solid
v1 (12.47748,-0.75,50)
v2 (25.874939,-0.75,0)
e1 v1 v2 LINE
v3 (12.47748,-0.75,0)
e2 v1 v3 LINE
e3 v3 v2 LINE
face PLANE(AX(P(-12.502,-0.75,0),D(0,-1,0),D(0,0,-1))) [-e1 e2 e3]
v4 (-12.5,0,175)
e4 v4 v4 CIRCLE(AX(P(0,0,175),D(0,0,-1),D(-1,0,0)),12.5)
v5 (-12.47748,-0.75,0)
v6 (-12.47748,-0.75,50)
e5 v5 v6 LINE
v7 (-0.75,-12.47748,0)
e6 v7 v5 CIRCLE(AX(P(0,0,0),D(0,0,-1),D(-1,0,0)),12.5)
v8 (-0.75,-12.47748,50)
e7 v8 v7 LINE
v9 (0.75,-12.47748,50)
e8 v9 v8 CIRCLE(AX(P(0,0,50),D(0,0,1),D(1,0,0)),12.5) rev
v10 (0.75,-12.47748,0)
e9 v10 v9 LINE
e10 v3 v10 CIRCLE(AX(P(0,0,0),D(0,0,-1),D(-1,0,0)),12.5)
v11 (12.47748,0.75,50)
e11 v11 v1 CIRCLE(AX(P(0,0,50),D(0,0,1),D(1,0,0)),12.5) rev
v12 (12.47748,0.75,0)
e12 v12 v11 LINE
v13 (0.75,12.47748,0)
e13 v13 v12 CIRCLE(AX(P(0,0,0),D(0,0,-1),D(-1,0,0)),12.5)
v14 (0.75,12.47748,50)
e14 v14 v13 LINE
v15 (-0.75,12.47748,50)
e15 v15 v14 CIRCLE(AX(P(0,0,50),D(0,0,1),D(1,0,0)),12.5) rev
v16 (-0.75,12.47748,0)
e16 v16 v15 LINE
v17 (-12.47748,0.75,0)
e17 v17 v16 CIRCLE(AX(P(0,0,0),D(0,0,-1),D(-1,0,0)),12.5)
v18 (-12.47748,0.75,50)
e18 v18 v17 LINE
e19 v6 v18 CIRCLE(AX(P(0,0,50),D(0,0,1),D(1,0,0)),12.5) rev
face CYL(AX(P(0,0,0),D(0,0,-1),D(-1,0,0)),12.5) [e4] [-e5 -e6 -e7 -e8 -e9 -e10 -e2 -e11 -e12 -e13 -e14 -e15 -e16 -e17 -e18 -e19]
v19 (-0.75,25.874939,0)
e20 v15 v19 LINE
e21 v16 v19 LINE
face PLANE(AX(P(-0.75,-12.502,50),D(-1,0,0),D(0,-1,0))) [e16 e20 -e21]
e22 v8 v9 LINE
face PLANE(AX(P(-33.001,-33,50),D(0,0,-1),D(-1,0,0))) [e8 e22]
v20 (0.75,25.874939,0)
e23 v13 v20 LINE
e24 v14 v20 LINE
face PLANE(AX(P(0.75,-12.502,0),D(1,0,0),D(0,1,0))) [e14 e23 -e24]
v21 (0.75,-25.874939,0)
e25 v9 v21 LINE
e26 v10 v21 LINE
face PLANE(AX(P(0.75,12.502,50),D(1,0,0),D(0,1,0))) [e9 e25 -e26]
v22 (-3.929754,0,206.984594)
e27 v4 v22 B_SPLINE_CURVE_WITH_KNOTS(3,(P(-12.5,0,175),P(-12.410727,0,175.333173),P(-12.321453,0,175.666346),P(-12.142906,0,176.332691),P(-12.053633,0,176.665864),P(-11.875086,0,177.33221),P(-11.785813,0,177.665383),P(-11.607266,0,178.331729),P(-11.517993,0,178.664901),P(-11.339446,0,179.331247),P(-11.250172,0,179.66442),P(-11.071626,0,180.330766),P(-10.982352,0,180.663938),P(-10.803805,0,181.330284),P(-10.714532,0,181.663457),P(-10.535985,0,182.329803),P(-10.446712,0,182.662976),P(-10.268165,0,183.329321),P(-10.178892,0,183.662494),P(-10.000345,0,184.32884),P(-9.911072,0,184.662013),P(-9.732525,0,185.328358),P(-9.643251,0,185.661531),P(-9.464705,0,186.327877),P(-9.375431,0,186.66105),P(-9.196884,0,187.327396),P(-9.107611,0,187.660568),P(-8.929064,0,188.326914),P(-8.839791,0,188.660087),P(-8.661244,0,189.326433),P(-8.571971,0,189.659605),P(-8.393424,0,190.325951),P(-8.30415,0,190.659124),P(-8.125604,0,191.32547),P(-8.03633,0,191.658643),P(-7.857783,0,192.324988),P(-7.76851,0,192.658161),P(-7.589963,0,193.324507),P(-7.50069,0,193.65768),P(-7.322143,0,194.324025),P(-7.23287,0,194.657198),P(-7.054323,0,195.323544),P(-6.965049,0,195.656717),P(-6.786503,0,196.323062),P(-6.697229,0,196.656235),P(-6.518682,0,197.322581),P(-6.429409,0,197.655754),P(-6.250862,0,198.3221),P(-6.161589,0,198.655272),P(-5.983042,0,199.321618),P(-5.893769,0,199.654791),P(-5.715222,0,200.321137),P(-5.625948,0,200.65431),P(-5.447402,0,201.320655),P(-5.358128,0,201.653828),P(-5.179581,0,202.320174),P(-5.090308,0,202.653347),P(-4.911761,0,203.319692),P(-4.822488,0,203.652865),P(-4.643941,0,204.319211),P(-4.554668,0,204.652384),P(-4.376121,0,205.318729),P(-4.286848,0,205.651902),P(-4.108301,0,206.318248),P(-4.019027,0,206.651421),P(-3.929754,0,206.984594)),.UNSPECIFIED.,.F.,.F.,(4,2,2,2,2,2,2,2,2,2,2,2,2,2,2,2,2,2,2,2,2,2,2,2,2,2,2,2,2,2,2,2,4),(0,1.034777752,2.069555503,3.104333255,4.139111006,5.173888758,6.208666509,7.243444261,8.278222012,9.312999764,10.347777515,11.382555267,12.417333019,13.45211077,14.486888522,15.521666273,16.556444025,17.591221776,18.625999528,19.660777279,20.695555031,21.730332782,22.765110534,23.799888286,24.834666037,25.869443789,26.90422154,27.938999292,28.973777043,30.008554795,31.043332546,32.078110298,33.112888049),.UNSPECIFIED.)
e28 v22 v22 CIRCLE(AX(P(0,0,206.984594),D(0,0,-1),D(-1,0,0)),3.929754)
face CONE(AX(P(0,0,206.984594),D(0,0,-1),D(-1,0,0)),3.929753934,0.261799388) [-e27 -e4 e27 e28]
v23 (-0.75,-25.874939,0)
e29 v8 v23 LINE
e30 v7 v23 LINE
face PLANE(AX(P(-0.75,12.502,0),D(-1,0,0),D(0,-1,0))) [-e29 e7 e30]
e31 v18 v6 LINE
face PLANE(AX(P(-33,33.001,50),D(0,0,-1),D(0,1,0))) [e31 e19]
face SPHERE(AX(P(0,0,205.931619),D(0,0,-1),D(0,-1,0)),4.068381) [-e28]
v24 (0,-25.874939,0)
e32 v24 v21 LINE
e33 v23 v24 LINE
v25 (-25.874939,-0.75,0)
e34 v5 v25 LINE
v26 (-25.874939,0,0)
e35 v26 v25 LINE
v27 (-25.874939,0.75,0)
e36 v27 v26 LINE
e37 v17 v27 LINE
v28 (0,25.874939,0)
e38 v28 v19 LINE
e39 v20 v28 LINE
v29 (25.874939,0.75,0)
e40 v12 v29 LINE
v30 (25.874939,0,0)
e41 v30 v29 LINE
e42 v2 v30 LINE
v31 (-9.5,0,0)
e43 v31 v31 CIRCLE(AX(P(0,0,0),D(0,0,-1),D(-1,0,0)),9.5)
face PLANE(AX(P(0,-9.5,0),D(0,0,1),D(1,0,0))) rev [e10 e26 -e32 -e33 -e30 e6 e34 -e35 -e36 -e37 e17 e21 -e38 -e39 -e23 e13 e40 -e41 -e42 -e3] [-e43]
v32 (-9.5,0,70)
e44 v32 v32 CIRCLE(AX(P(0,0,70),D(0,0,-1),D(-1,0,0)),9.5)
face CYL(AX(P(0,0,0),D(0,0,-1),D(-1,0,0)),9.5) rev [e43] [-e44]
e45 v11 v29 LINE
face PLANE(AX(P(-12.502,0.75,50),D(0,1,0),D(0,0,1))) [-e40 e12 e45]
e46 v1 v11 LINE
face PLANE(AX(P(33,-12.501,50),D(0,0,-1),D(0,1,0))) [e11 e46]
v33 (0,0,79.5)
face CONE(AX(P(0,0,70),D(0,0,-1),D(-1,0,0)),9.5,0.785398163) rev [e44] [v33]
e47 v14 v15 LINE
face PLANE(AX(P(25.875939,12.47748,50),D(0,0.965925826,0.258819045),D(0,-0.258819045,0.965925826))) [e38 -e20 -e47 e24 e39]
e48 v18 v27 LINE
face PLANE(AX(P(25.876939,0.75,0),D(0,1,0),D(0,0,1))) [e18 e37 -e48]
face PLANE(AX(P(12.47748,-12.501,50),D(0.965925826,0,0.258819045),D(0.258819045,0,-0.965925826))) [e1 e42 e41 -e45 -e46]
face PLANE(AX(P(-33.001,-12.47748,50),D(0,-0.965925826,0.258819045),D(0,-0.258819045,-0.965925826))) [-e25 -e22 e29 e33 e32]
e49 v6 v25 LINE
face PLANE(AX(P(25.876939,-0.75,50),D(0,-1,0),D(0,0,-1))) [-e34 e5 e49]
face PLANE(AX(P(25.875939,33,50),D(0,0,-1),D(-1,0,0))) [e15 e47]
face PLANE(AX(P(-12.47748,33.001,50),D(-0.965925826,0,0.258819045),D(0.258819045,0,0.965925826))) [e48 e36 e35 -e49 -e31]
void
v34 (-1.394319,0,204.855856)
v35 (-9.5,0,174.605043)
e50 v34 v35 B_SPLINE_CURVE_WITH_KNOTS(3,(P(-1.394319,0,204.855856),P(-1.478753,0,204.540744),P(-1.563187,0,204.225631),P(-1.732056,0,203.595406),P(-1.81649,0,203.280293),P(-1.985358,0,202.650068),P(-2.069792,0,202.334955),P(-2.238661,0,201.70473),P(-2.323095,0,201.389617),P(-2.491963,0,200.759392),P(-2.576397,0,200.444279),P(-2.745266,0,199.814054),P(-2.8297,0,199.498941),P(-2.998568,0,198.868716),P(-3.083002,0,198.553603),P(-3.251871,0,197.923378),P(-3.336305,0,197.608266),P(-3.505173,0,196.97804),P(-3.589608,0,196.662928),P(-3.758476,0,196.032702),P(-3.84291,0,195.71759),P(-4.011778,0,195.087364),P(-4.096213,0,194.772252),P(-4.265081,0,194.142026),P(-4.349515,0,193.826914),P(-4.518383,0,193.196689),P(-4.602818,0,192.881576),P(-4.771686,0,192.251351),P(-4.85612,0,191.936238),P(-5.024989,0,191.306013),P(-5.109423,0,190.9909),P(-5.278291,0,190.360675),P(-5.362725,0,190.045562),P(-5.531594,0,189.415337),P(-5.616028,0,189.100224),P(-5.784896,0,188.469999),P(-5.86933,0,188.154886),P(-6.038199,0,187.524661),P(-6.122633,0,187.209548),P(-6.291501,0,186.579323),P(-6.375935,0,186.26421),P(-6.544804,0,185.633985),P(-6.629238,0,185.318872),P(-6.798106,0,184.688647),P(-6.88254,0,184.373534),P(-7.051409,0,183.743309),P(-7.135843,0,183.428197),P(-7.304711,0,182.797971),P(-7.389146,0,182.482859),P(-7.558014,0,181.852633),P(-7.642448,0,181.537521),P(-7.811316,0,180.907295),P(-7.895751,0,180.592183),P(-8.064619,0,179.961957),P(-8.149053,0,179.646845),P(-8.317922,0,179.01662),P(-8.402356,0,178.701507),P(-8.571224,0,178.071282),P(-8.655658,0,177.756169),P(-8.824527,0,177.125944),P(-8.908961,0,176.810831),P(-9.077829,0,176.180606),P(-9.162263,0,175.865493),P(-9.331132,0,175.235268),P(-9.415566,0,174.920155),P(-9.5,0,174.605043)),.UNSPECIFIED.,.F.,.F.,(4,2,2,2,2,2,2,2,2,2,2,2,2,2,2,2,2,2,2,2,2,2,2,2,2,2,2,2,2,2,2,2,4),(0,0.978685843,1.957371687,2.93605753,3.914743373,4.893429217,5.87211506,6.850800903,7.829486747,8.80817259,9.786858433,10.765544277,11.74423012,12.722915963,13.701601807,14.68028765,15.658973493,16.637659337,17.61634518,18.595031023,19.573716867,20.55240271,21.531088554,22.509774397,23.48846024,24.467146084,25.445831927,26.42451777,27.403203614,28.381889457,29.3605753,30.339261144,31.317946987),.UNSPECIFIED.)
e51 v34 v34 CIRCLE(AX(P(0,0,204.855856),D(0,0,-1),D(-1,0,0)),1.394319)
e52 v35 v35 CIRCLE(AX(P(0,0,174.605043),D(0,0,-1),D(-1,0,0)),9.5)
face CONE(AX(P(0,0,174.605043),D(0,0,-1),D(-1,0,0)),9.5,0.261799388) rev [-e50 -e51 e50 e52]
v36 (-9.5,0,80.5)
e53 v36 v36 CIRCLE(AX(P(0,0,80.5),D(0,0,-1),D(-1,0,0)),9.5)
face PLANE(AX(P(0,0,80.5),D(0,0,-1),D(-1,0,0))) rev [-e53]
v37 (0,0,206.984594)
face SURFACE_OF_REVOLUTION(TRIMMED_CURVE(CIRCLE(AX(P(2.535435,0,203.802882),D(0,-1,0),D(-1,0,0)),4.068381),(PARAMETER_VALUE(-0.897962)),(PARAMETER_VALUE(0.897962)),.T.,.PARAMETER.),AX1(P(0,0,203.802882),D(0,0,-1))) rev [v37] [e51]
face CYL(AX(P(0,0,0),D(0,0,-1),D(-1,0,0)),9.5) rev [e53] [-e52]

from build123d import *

# Parameters (mm, degrees)
BOSS_EXTRUDE4_REACH      = 217.236
BOSS_EXTRUDE4_END_RADIUS = 12.5
CUT_EXTRUDE1_REACH       = 214.99
CIRPATTERN9_COUNT        = 4


with BuildPart() as part:
    # Sketch1 → Revolve1 (revolve)
    with BuildSketch(Plane.YZ, mode=Mode.PRIVATE) as revolve1_sk:
        with BuildLine():
            Line((-9.5, 0), (-12.5, 0))
            Line((-12.5, 0), (-12.5, 175))
            Line((-12.5, 175), (-3.929753934, 206.98459375))
            ThreePointArc((-3.929753934, 206.98459375), (-2.476673214, 209.15928273), (0, 210))
            Line((0, 210), (0, 206.98459375))
            ThreePointArc((0, 206.98459375), (-0.867879193, 206.03204615), (-1.394318866, 204.855856328))
            Line((-1.394318866, 204.855856328), (-9.5, 174.605042507))
            Line((-9.5, 174.605042507), (-9.5, 80.5))
            Line((-9.5, 80.5), (0, 80.5))
            Line((0, 80.5), (0, 79.5))
            Line((0, 79.5), (-9.5, 70))
            Line((-9.5, 70), (-9.5, 0))
        make_face()
    revolve(revolve1_sk.sketch.rotate(Axis((0, 0, 0), (0, 0, 1)), 270), axis=Axis((0, 0, 0), (0, 0, 1)))

    # Boss-Extrude4: up to this cylinder (the profile starts outside it)
    boss_extrude4_end = Plane(origin=(0, 0, 25), z_dir=(0, 0, -1)) * Cylinder(BOSS_EXTRUDE4_END_RADIUS, 460.472, mode=Mode.PRIVATE)
    # Sketch5 → Boss-Extrude4 (add, up to the surface)
    with BuildSketch(Plane.YZ.offset(33), mode=Mode.PRIVATE) as boss_extrude4_sk1:
        Polygon((0, 0), (-0.75, 0), (-0.75, 50), (0.75, 50), (0.75, 0), align=None)
    boss_extrude4_tool1 = extrude(boss_extrude4_sk1.sketch, amount=-BOSS_EXTRUDE4_REACH, mode=Mode.PRIVATE) - boss_extrude4_end
    boss_extrude4 = boss_extrude4_tool1.solids().sort_by_distance((33, 0, 25))[0]
    add(boss_extrude4)

    # Sketch6 → Cut-Extrude1 (cut, up to next)
    with BuildSketch(Plane(origin=(0, 0.75, 0), x_dir=(-1, 0, 0), z_dir=(0, 1, 0)), mode=Mode.PRIVATE) as cut_extrude1_sk1:
        Polygon((-12.477479713, 50), (-25.874939335, 0), (-33, 0), (-33, 50), align=None)
    cut_extrude1_tool1 = extrude(cut_extrude1_sk1.sketch, amount=-CUT_EXTRUDE1_REACH, mode=Mode.PRIVATE) & part.part
    cut_extrude1 = cut_extrude1_tool1.solids().sort_by_distance((25.547093, 0.75, 29.038165))[0]
    add(cut_extrude1, mode=Mode.SUBTRACT)

    # CirPattern9: Boss-Extrude4, Cut-Extrude1 ×4 about axis
    cirpattern9_axis = Axis((0, 0, 0), (0, 0, 1))
    add([boss_extrude4.rotate(cirpattern9_axis, i * 360 / CIRPATTERN9_COUNT) for i in range(1, CIRPATTERN9_COUNT)])
    add([cut_extrude1.rotate(cirpattern9_axis, i * 360 / CIRPATTERN9_COUNT) for i in range(1, CIRPATTERN9_COUNT)], mode=Mode.SUBTRACT)


solid = part.part
